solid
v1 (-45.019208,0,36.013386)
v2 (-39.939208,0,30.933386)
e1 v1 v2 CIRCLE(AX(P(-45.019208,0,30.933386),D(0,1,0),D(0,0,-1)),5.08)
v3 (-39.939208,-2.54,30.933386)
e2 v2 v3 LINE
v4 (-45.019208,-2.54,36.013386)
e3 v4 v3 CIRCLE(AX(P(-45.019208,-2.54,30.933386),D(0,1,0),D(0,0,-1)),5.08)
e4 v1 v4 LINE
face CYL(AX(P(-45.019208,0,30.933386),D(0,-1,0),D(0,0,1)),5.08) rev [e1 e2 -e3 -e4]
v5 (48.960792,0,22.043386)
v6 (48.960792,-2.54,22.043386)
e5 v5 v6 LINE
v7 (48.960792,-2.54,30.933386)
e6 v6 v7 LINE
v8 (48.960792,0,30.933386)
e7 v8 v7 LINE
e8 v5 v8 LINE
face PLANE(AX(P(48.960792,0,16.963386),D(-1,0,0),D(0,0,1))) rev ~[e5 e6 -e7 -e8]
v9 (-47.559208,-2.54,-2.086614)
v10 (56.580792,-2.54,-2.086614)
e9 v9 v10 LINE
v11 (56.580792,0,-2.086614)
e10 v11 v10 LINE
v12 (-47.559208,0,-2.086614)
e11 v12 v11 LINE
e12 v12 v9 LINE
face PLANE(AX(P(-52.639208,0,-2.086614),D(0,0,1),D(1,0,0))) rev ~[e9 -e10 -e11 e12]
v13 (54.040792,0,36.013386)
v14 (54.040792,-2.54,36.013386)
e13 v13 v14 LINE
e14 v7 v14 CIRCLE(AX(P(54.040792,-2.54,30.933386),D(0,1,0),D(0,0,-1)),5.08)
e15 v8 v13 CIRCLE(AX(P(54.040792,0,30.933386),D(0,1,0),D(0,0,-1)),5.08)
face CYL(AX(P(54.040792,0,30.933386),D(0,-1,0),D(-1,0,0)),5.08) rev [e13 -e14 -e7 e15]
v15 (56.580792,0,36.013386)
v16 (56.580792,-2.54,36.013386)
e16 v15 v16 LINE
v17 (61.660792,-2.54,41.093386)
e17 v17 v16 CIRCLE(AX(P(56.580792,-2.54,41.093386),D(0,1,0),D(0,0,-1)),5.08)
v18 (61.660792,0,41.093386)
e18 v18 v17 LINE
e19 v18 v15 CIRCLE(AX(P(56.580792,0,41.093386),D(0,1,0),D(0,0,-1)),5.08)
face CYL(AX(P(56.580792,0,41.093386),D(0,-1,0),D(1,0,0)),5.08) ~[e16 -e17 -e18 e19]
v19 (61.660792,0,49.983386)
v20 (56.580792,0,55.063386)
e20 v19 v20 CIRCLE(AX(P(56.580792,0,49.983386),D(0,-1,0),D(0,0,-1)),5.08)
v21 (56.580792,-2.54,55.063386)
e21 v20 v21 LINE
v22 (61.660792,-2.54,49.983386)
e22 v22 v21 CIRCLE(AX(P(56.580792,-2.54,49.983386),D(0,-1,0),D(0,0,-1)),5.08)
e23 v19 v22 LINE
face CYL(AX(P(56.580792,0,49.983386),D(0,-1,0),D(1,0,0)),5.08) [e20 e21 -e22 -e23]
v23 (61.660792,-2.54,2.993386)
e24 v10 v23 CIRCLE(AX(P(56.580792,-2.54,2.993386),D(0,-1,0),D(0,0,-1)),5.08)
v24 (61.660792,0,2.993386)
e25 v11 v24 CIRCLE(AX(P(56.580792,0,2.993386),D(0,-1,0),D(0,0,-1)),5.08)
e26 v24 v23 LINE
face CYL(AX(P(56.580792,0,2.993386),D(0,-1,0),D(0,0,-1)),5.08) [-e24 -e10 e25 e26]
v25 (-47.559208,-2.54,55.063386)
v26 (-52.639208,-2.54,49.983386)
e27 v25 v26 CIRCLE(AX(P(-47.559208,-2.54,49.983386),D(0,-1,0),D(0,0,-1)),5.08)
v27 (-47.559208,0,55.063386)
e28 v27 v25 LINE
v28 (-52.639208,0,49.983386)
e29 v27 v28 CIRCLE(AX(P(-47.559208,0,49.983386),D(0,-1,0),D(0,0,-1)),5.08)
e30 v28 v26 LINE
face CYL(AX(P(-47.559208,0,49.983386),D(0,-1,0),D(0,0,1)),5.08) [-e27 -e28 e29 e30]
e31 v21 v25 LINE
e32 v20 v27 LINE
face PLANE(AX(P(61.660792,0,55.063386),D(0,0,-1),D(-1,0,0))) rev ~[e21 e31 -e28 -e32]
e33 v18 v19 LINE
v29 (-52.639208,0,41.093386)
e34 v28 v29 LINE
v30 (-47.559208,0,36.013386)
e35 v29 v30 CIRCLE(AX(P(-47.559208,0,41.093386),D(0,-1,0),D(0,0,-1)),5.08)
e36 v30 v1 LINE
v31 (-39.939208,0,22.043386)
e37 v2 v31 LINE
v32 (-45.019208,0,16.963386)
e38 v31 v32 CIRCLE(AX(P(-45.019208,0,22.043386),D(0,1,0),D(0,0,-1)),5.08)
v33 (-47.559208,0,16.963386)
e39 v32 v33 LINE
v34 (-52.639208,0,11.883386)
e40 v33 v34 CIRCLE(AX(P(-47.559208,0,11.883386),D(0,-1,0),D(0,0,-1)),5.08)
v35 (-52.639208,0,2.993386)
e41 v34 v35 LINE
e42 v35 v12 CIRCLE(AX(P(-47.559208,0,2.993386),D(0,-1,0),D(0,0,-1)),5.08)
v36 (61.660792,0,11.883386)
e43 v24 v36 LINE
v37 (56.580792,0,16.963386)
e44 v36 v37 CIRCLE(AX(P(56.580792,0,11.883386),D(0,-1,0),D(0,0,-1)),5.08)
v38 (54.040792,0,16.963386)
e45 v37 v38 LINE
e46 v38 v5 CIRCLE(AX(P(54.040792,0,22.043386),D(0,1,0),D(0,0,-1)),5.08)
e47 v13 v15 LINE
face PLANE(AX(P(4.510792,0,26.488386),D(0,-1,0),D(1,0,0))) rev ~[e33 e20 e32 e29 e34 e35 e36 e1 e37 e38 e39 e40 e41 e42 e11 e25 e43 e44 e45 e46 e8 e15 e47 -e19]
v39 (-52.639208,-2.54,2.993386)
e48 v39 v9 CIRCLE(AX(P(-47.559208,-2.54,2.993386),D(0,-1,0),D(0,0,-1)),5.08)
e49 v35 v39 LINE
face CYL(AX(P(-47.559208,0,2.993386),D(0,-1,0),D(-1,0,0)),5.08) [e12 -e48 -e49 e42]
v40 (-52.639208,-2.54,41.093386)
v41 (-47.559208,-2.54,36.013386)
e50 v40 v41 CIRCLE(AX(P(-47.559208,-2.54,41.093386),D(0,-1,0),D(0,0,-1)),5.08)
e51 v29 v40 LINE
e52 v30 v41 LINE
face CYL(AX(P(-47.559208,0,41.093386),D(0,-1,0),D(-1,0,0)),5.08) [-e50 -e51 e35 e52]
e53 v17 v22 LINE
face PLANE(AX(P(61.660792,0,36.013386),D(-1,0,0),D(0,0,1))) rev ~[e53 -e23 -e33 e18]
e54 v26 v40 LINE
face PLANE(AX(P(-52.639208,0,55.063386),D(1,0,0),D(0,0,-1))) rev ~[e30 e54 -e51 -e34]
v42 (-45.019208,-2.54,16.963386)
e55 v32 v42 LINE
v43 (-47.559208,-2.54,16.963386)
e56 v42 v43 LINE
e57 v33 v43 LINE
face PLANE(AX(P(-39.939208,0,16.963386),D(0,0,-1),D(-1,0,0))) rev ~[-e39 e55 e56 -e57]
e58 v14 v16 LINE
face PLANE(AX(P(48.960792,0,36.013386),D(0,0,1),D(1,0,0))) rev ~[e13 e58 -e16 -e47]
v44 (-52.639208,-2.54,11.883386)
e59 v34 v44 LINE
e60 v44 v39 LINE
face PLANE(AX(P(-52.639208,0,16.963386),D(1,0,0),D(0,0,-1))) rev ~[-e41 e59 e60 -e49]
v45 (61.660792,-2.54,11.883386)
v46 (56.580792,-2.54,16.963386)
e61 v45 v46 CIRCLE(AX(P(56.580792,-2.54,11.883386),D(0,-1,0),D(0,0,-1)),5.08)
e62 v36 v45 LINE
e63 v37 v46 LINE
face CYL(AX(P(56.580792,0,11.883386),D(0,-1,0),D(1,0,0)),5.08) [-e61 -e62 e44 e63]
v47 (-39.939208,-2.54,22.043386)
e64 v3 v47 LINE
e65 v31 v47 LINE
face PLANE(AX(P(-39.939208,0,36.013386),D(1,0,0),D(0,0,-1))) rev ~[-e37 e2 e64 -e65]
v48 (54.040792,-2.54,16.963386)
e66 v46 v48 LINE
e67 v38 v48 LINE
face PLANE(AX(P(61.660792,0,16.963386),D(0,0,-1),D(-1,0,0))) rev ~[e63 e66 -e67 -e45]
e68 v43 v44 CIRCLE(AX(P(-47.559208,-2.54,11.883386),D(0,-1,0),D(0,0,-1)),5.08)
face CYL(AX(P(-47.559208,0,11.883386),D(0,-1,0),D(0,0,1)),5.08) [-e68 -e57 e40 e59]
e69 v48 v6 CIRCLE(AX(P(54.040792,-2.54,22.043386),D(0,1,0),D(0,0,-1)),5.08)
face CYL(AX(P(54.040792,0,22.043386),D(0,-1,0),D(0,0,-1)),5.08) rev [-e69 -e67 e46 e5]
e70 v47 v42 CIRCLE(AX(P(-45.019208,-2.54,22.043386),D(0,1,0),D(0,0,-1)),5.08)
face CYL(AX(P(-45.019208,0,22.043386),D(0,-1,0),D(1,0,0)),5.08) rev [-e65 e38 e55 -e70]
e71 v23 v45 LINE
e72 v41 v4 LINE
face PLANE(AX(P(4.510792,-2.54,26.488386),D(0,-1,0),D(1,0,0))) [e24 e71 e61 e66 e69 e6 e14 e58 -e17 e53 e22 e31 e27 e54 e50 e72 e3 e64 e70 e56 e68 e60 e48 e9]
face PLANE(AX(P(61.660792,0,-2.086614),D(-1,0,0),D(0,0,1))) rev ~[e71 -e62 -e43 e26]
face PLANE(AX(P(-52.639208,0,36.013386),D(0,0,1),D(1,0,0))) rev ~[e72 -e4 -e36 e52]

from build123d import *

# Parameters (mm, degrees)
F1_DEPTH = 2.54
F2_R     = 5.08


with BuildPart() as f1:
    # F0 (on Front) → F1 (new body)
    with BuildSketch(Plane.XZ):
        Polygon((61.660792, 36.013386), (61.660792, 55.063386), (-52.639208, 55.063386), (-52.639208, 36.013386), (-39.939208, 36.013386), (-39.939208, 16.963386), (-52.639208, 16.963386), (-52.639208, -2.086614), (61.660792, -2.086614), (61.660792, 16.963386), (48.960792, 16.963386), (48.960792, 36.013386), align=None)
    extrude(amount=F1_DEPTH)

    # F2
    f2_edges = [f1.edges().sort_by_distance(p)[0] for p in [
        (61.660792, -1.27, 55.063386),
        (61.660792, -1.27, 36.013386),
        (48.960792, -1.27, 36.013386),
        (48.960792, -1.27, 16.963386),
        (61.660792, -1.27, 16.963386),
        (61.660792, -1.27, -2.086614),
        (-39.939208, -1.27, 16.963386),
        (-39.939208, -1.27, 36.013386),
        (-52.639208, -1.27, 36.013386),
        (-52.639208, -1.27, 55.063386),
        (-52.639208, -1.27, 16.963386),
        (-52.639208, -1.27, -2.086614),
    ]]
    fillet(f2_edges, radius=F2_R)


solid = f1.part
